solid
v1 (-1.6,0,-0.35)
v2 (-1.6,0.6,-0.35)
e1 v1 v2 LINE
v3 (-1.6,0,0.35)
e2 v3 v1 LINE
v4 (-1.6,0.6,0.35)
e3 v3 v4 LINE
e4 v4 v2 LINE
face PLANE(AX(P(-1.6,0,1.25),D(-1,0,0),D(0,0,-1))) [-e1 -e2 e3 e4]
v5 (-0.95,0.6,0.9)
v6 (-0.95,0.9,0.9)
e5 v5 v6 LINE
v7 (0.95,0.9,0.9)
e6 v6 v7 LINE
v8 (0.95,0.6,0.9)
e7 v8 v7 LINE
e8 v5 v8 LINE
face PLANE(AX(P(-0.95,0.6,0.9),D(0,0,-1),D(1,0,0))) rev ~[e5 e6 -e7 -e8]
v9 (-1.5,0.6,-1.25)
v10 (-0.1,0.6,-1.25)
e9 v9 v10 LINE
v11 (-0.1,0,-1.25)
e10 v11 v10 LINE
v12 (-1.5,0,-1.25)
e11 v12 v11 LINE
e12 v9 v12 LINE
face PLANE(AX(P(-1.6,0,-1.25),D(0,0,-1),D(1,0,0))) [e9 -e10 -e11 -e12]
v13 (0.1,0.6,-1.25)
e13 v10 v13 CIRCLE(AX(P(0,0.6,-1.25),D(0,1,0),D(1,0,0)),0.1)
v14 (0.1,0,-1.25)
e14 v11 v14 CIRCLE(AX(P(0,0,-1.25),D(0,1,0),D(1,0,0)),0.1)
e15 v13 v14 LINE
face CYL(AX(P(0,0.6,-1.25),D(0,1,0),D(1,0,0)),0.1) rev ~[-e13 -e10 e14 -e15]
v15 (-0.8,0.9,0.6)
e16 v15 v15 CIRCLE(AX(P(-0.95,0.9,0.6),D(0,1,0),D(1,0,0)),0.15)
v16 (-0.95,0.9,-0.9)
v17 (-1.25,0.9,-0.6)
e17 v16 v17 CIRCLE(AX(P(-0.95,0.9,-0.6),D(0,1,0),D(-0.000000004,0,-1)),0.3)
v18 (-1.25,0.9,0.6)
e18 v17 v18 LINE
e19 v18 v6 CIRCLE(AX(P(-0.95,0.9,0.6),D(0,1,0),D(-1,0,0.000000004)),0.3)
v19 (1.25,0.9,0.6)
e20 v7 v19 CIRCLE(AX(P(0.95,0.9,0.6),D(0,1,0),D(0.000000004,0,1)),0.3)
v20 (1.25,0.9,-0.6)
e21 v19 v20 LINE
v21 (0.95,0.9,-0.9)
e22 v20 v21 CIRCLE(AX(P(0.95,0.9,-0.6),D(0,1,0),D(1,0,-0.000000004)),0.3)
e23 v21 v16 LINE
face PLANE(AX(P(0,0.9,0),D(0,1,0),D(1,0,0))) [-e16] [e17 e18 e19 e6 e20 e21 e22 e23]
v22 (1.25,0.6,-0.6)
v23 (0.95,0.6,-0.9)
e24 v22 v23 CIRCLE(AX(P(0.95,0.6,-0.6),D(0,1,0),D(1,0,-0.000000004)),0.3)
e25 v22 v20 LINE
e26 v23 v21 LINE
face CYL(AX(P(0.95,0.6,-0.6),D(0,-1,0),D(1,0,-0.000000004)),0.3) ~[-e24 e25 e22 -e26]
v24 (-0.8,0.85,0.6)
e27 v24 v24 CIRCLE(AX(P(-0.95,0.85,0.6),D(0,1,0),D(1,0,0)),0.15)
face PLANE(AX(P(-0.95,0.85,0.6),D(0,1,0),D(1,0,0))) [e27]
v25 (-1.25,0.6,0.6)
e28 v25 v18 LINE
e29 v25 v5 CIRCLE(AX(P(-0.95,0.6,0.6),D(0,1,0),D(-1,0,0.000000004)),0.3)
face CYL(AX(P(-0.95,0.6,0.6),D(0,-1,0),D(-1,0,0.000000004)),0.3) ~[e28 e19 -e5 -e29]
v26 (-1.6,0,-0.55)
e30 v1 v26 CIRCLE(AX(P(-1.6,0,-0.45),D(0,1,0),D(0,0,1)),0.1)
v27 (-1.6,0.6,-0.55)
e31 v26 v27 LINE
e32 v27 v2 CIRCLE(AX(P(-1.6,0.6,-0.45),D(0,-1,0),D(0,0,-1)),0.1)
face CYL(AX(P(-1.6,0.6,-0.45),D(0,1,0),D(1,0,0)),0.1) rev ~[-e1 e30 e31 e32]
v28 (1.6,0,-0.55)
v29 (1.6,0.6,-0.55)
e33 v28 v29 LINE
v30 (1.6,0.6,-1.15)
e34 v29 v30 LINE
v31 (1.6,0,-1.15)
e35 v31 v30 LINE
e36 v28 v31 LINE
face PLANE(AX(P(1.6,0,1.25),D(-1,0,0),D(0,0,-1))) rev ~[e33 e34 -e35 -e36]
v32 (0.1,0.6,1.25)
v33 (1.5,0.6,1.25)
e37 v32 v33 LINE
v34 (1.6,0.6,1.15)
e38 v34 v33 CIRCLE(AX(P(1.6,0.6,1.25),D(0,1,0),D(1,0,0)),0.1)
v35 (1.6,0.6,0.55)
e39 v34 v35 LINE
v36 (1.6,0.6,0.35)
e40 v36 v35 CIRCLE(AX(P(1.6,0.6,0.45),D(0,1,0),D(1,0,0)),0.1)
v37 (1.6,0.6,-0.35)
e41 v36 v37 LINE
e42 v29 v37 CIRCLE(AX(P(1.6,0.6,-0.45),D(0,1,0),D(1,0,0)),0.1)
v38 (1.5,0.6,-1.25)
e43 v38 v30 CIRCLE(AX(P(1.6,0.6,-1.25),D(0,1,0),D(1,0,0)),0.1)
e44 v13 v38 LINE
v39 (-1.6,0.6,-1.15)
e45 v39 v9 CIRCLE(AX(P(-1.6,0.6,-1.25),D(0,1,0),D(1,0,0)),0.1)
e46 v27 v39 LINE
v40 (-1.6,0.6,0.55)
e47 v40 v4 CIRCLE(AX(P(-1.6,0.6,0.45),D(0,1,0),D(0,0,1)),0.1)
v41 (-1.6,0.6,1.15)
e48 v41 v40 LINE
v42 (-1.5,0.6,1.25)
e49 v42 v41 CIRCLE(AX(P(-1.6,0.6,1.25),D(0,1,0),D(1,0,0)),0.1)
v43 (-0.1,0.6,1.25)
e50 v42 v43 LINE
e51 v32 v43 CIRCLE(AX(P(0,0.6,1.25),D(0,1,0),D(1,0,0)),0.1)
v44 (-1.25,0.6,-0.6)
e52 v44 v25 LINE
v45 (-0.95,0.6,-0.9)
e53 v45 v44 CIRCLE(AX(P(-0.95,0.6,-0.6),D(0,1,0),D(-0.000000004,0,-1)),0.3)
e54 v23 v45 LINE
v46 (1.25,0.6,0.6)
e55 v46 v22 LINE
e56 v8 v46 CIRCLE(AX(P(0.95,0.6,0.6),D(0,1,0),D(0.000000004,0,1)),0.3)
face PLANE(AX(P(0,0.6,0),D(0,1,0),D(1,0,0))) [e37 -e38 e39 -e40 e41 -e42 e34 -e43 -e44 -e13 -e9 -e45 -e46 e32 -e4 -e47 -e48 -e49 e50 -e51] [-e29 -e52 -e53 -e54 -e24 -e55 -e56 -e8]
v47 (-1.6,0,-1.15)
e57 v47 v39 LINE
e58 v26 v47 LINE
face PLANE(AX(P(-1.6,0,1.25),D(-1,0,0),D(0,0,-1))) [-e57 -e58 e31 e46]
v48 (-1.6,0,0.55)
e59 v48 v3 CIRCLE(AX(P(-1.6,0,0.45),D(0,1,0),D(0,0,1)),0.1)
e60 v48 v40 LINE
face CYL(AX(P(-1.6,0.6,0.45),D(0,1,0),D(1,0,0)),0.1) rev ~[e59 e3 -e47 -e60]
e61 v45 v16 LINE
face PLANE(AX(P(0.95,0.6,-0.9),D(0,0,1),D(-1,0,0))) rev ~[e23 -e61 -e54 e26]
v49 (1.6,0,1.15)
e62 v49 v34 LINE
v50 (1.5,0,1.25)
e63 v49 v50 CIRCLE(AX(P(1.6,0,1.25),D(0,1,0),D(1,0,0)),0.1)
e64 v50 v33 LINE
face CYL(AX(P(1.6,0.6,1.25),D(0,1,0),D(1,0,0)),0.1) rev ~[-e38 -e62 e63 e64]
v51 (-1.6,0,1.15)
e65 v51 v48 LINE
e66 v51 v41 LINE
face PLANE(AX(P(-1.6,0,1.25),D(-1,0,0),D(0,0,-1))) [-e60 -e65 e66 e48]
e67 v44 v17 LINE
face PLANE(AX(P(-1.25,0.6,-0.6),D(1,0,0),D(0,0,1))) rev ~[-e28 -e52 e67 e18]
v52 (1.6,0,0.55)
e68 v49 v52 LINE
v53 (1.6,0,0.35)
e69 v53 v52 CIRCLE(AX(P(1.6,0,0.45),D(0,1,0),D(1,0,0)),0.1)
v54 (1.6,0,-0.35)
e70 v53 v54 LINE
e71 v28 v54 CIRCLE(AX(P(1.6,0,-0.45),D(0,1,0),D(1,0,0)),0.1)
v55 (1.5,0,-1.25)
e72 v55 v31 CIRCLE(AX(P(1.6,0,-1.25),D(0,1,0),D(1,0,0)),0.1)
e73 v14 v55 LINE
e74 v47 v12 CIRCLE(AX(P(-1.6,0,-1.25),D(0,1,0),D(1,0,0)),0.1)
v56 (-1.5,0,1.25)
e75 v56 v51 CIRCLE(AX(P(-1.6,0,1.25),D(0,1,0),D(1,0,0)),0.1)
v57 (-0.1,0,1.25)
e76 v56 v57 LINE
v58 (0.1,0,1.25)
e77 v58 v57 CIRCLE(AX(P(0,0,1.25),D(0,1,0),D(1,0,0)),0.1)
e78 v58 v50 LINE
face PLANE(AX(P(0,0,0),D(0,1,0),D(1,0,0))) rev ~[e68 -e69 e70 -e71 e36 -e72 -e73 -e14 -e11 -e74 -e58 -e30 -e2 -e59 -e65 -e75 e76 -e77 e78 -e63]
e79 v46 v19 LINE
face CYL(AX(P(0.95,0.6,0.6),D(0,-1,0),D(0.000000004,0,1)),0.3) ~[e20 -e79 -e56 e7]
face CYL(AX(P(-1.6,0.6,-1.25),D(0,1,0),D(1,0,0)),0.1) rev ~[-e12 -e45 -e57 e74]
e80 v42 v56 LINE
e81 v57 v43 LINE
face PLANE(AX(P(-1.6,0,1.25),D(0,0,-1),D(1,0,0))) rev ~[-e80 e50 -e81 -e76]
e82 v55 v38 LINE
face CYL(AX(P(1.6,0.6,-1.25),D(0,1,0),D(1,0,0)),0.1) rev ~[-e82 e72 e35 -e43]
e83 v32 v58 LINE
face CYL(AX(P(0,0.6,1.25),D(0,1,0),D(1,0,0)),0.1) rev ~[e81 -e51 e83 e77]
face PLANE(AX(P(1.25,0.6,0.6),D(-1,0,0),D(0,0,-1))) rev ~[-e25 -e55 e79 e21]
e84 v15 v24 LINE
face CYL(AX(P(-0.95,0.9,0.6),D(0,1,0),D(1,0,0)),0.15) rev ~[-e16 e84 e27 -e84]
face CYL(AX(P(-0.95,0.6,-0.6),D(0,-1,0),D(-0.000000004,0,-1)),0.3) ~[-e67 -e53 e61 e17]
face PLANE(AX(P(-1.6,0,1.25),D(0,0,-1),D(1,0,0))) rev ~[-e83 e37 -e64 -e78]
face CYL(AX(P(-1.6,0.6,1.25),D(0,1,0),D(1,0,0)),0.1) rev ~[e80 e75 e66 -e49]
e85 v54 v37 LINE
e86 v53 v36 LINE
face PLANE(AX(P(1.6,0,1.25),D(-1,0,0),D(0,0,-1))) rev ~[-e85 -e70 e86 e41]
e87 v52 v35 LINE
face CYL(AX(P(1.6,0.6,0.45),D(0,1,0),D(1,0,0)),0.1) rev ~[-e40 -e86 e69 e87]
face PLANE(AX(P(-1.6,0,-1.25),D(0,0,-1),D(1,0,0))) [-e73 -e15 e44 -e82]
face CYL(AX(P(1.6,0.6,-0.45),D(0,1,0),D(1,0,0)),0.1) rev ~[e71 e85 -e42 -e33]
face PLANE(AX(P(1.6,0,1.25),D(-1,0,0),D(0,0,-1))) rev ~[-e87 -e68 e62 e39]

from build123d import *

# Parameters (mm, degrees)
SKETCH1_W           = 3.2
SKETCH1_H           = 2.5
BOSS_EXTRUDE1_DEPTH = 0.6
BOSS_EXTRUDE2_DEPTH = 0.3
SKETCH3_R           = 0.1
CUT_EXTRUDE1_DEPTH  = 1.6
SKETCH4_R           = 0.15
CUT_EXTRUDE2_DEPTH  = 0.05


with BuildPart() as part:
    # Sketch1 → Boss-Extrude1 (new body)
    with BuildSketch(Plane(origin=(0, 0, 0), x_dir=(1, 0, 0), z_dir=(0, 1, 0))):
        Rectangle(SKETCH1_W, SKETCH1_H)
    extrude(amount=BOSS_EXTRUDE1_DEPTH)

    # Sketch2 → Boss-Extrude2 (add)
    with BuildSketch(Plane(origin=(0, 0.6, 0), x_dir=(1, 0, 0), z_dir=(0, 1, 0))):
        with BuildLine():
            Line((-0.95, -0.9), (0.95, -0.9))
            ThreePointArc((0.95, -0.9), (1.162132034, -0.812132034), (1.25, -0.6))
            Line((1.25, -0.6), (1.25, 0.6))
            ThreePointArc((1.25, 0.6), (1.162132034, 0.812132034), (0.95, 0.9))
            Line((0.95, 0.9), (-0.95, 0.9))
            ThreePointArc((-0.95, 0.9), (-1.162132034, 0.812132034), (-1.25, 0.6))
            Line((-1.25, 0.6), (-1.25, -0.6))
            ThreePointArc((-1.25, -0.6), (-1.162132034, -0.812132034), (-0.95, -0.9))
        make_face()
    extrude(amount=BOSS_EXTRUDE2_DEPTH)

    # Sketch3 → Cut-Extrude1 (cut, through all)
    with BuildSketch(Plane(origin=(0, 0.6, 0), x_dir=(1, 0, 0), z_dir=(0, 1, 0))):
        with Locations((-1.6, 1.25)):
            Circle(SKETCH3_R)
        with Locations((0, 1.25)):
            Circle(SKETCH3_R)
        with Locations((1.6, 1.25)):
            Circle(SKETCH3_R)
        with Locations((0, -1.25)):
            Circle(SKETCH3_R)
        with Locations((-1.6, -1.25)):
            Circle(SKETCH3_R)
        with Locations((1.6, -1.25)):
            Circle(SKETCH3_R)
        with Locations((-1.6, 0.45)):
            Circle(SKETCH3_R)
        with Locations((-1.6, -0.45)):
            Circle(SKETCH3_R)
        with Locations((1.6, -0.45)):
            Circle(SKETCH3_R)
        with Locations((1.6, 0.45)):
            Circle(SKETCH3_R)
    extrude(amount=-CUT_EXTRUDE1_DEPTH, mode=Mode.SUBTRACT)

    # Sketch4 → Cut-Extrude2 (cut)
    with BuildSketch(Plane(origin=(0, 0.9, 0), x_dir=(1, 0, 0), z_dir=(0, 1, 0))):
        with Locations((-0.95, -0.6)):
            Circle(SKETCH4_R)
    extrude(amount=-CUT_EXTRUDE2_DEPTH, mode=Mode.SUBTRACT)


solid = part.part
